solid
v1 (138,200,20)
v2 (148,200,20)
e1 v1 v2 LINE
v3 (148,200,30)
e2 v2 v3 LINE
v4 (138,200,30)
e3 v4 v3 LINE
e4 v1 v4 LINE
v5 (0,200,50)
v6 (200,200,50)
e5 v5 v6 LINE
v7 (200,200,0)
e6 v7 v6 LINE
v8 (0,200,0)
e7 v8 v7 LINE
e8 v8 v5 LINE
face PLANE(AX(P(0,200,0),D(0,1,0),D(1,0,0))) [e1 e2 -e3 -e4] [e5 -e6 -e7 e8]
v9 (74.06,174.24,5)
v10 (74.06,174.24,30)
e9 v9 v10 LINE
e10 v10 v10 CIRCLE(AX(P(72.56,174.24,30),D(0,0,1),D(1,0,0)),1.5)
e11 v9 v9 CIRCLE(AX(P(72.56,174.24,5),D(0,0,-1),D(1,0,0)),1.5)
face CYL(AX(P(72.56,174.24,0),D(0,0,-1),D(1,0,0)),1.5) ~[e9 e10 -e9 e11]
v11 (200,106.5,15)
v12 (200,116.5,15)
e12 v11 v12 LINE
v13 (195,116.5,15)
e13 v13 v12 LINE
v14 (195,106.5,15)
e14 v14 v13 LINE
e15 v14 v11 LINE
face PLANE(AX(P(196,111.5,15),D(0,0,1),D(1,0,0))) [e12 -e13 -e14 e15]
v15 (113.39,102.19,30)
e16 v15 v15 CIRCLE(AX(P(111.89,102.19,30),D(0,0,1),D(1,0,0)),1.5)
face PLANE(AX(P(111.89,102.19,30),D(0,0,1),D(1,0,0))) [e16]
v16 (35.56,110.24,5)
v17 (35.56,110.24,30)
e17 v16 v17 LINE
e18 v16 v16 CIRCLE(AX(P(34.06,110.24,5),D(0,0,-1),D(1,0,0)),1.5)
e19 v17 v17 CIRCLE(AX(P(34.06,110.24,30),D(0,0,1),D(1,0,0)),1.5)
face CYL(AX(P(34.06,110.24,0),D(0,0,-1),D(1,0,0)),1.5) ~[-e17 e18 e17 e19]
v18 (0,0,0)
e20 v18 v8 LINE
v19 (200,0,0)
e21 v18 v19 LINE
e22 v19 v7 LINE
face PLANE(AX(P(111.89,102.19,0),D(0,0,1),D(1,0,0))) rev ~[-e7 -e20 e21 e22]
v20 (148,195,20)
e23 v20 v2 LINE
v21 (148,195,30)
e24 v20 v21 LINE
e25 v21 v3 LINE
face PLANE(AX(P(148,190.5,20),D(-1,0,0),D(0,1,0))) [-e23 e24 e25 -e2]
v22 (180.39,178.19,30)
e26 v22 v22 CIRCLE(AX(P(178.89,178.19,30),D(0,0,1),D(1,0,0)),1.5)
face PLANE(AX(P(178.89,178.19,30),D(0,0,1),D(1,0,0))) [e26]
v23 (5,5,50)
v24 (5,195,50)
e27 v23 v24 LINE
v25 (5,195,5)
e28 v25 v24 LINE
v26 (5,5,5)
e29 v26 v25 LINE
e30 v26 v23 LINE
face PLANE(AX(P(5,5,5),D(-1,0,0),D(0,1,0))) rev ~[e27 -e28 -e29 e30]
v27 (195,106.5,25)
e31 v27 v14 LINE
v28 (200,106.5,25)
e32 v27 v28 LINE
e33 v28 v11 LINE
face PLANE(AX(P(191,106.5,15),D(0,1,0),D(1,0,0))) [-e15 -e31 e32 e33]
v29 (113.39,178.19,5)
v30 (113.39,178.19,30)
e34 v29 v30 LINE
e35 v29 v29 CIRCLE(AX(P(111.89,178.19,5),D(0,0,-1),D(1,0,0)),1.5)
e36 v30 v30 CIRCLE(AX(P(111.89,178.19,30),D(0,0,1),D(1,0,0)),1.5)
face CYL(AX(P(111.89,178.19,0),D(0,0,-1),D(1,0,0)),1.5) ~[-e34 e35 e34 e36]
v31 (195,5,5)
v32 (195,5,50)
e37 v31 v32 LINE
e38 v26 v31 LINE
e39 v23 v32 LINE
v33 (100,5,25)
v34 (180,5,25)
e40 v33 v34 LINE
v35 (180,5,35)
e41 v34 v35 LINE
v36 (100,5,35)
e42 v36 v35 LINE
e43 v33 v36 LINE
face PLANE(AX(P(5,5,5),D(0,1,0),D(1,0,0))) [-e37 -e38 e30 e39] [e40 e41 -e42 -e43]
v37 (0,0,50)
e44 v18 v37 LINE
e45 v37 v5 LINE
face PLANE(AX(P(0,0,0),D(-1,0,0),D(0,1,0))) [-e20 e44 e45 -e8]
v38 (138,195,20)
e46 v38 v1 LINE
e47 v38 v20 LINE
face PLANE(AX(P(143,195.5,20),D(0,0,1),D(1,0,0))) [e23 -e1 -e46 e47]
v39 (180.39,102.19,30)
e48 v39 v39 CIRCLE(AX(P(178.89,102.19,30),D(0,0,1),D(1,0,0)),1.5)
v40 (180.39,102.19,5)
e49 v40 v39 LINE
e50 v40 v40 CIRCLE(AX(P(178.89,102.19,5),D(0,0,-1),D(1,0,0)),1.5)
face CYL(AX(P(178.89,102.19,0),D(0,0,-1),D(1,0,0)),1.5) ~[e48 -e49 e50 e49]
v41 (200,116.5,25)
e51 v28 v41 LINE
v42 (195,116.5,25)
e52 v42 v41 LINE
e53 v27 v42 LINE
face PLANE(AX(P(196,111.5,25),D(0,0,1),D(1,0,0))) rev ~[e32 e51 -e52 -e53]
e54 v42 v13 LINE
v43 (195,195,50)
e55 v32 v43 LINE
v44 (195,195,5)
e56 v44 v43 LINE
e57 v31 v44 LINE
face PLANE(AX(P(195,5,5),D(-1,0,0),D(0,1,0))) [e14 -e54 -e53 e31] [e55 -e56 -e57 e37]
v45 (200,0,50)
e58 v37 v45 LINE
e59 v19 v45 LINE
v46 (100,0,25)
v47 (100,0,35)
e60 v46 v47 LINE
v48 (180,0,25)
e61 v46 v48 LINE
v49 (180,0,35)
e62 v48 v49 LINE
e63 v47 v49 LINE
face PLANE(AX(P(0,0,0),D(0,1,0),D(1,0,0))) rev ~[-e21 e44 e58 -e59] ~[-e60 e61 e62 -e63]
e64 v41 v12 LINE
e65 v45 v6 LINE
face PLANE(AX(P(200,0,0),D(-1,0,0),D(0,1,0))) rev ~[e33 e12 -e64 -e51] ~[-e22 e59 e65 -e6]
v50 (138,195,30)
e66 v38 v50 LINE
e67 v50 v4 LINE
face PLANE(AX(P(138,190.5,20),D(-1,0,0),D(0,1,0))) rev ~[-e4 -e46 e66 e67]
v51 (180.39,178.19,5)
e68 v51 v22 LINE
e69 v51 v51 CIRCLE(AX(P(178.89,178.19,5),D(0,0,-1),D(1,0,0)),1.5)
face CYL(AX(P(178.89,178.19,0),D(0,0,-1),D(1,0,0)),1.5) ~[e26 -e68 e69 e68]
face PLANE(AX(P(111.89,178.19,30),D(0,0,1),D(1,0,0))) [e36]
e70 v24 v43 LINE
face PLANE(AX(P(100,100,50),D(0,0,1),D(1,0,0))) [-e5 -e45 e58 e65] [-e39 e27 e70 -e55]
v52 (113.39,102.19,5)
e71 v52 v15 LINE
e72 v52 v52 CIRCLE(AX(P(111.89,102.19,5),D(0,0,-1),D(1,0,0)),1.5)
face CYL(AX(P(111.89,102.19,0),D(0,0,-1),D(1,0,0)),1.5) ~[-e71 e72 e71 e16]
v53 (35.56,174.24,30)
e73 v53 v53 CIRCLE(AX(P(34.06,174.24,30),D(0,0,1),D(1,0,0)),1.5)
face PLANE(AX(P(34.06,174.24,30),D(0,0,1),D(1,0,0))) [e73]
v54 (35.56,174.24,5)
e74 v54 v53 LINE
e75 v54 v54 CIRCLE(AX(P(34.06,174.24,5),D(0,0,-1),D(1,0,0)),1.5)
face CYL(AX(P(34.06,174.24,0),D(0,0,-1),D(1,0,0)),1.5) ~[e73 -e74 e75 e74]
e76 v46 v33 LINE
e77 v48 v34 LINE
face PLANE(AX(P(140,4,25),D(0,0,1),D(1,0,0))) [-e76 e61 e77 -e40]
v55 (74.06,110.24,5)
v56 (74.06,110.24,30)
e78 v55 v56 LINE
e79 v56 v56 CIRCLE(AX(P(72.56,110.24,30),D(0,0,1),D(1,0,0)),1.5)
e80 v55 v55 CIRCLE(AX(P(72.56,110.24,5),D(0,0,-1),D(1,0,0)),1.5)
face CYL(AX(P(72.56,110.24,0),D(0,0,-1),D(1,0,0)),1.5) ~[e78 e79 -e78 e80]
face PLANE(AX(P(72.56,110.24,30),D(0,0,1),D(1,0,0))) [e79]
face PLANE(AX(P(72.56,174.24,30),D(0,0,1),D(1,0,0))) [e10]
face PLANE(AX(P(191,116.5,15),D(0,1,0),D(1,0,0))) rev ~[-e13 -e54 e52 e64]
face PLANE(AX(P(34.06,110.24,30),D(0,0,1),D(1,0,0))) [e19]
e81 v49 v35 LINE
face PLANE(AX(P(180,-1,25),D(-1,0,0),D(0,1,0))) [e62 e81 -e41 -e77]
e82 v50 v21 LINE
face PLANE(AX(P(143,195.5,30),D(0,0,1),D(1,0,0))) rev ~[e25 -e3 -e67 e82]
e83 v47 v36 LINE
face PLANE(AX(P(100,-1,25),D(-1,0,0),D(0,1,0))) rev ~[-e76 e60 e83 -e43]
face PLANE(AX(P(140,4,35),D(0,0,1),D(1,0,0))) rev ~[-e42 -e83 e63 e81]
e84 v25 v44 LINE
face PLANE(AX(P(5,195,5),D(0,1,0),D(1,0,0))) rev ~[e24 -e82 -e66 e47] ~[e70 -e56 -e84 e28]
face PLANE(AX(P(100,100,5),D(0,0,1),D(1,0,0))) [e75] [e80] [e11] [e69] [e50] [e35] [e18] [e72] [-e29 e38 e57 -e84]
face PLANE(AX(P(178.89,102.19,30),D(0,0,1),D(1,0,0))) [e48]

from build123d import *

# Parameters (mm, degrees)
CYLINDER007_R     = 1.5
CYLINDER007_DEPTH = 30
CYLINDER006_R     = 1.5
CYLINDER006_DEPTH = 30
CYLINDER005_R     = 1.5
CYLINDER005_DEPTH = 30
CYLINDER004_R     = 1.5
CYLINDER004_DEPTH = 30
CYLINDER003_R     = 1.5
CYLINDER003_DEPTH = 30
CYLINDER002_R     = 1.5
CYLINDER002_DEPTH = 30
CYLINDER001_R     = 1.5
CYLINDER001_DEPTH = 30
CYLINDER_R        = 1.5
CYLINDER_DEPTH    = 30
BOX003_W          = 10
BOX003_H          = 10
BOX003_DEPTH      = 10
BOX004_W          = 80
BOX004_H          = 10
BOX004_DEPTH      = 10
BOX002_W          = 10
BOX002_H          = 10
BOX002_DEPTH      = 10
BOX001_W          = 190
BOX001_H          = 190
BOX001_DEPTH      = 45
BOX_W             = 200
BOX_H             = 200
BOX_DEPTH         = 50


with BuildPart() as cylinder007:
    # Cylinder007 → Cylinder007 (new body)
    with BuildSketch(Plane(origin=(34.06, 110.24, 0), x_dir=(1, 0, 0), z_dir=(0, 0, 1))):
        Circle(CYLINDER007_R)
    extrude(amount=CYLINDER007_DEPTH)


with BuildPart() as cylinder006:
    # Cylinder006 → Cylinder006 (new body)
    with BuildSketch(Plane(origin=(34.06, 174.24, 0), x_dir=(1, 0, 0), z_dir=(0, 0, 1))):
        Circle(CYLINDER006_R)
    extrude(amount=CYLINDER006_DEPTH)


with BuildPart() as cylinder005:
    # Cylinder005 → Cylinder005 (new body)
    with BuildSketch(Plane(origin=(72.56, 174.24, 0), x_dir=(1, 0, 0), z_dir=(0, 0, 1))):
        Circle(CYLINDER005_R)
    extrude(amount=CYLINDER005_DEPTH)


with BuildPart() as cylinder004:
    # Cylinder004 → Cylinder004 (new body)
    with BuildSketch(Plane(origin=(72.56, 110.24, 0), x_dir=(1, 0, 0), z_dir=(0, 0, 1))):
        Circle(CYLINDER004_R)
    extrude(amount=CYLINDER004_DEPTH)


with BuildPart() as cylinder003:
    # Cylinder003 → Cylinder003 (new body)
    with BuildSketch(Plane(origin=(178.89, 102.19, 0), x_dir=(1, 0, 0), z_dir=(0, 0, 1))):
        Circle(CYLINDER003_R)
    extrude(amount=CYLINDER003_DEPTH)


with BuildPart() as cylinder002:
    # Cylinder002 → Cylinder002 (new body)
    with BuildSketch(Plane(origin=(178.89, 178.19, 0), x_dir=(1, 0, 0), z_dir=(0, 0, 1))):
        Circle(CYLINDER002_R)
    extrude(amount=CYLINDER002_DEPTH)


with BuildPart() as cylinder001:
    # Cylinder001 → Cylinder001 (new body)
    with BuildSketch(Plane(origin=(111.89, 178.19, 0), x_dir=(1, 0, 0), z_dir=(0, 0, 1))):
        Circle(CYLINDER001_R)
    extrude(amount=CYLINDER001_DEPTH)


with BuildPart() as cylinder:
    # Cylinder → Cylinder (new body)
    with BuildSketch(Plane(origin=(111.89, 102.19, 0), x_dir=(1, 0, 0), z_dir=(0, 0, 1))):
        Circle(CYLINDER_R)
    extrude(amount=CYLINDER_DEPTH)


with BuildPart() as cube003:
    # Box003 → Box003 (new body)
    with BuildSketch(Plane(origin=(191, 106.5, 15), x_dir=(1, 0, 0), z_dir=(0, 0, 1))):
        with Locations((5, 5)):
            Rectangle(BOX003_W, BOX003_H)
    extrude(amount=BOX003_DEPTH)


with BuildPart() as cube004:
    # Box004 → Box004 (new body)
    with BuildSketch(Plane(origin=(100, -1, 25), x_dir=(1, 0, 0), z_dir=(0, 0, 1))):
        with Locations((40, 5)):
            Rectangle(BOX004_W, BOX004_H)
    extrude(amount=BOX004_DEPTH)


with BuildPart() as fusion:
    # Box002 → Box002 (new body)
    with BuildSketch(Plane(origin=(138, 190.5, 20), x_dir=(1, 0, 0), z_dir=(0, 0, 1))):
        with Locations((5, 5)):
            Rectangle(BOX002_W, BOX002_H)
    extrude(amount=BOX002_DEPTH)

    # Fusion: union Cube003, Cube004
    add(cube003.part)
    add(cube004.part)


with BuildPart() as cube001:
    # Box001 → Box001 (new body)
    with BuildSketch(Plane(origin=(5, 5, 5), x_dir=(1, 0, 0), z_dir=(0, 0, 1))):
        with Locations((95, 95)):
            Rectangle(BOX001_W, BOX001_H)
    extrude(amount=BOX001_DEPTH)


with BuildPart() as box_bottom:
    # Box → Box (new body)
    with BuildSketch(Plane.XY):
        with Locations((100, 100)):
            Rectangle(BOX_W, BOX_H)
    extrude(amount=BOX_DEPTH)

    # Cut: cut Cube001
    add(cube001.part, mode=Mode.SUBTRACT)

    # Cut001: cut Fusion
    add(fusion.part, mode=Mode.SUBTRACT)

    # Fusion001: union Cylinder007, Cylinder006, Cylinder005, Cylinder004, Cylinder003, Cylinder002, Cylinder001, Cylinder
    add(cylinder007.part)
    add(cylinder006.part)
    add(cylinder005.part)
    add(cylinder004.part)
    add(cylinder003.part)
    add(cylinder002.part)
    add(cylinder001.part)
    add(cylinder.part)


solid = box_bottom.part
